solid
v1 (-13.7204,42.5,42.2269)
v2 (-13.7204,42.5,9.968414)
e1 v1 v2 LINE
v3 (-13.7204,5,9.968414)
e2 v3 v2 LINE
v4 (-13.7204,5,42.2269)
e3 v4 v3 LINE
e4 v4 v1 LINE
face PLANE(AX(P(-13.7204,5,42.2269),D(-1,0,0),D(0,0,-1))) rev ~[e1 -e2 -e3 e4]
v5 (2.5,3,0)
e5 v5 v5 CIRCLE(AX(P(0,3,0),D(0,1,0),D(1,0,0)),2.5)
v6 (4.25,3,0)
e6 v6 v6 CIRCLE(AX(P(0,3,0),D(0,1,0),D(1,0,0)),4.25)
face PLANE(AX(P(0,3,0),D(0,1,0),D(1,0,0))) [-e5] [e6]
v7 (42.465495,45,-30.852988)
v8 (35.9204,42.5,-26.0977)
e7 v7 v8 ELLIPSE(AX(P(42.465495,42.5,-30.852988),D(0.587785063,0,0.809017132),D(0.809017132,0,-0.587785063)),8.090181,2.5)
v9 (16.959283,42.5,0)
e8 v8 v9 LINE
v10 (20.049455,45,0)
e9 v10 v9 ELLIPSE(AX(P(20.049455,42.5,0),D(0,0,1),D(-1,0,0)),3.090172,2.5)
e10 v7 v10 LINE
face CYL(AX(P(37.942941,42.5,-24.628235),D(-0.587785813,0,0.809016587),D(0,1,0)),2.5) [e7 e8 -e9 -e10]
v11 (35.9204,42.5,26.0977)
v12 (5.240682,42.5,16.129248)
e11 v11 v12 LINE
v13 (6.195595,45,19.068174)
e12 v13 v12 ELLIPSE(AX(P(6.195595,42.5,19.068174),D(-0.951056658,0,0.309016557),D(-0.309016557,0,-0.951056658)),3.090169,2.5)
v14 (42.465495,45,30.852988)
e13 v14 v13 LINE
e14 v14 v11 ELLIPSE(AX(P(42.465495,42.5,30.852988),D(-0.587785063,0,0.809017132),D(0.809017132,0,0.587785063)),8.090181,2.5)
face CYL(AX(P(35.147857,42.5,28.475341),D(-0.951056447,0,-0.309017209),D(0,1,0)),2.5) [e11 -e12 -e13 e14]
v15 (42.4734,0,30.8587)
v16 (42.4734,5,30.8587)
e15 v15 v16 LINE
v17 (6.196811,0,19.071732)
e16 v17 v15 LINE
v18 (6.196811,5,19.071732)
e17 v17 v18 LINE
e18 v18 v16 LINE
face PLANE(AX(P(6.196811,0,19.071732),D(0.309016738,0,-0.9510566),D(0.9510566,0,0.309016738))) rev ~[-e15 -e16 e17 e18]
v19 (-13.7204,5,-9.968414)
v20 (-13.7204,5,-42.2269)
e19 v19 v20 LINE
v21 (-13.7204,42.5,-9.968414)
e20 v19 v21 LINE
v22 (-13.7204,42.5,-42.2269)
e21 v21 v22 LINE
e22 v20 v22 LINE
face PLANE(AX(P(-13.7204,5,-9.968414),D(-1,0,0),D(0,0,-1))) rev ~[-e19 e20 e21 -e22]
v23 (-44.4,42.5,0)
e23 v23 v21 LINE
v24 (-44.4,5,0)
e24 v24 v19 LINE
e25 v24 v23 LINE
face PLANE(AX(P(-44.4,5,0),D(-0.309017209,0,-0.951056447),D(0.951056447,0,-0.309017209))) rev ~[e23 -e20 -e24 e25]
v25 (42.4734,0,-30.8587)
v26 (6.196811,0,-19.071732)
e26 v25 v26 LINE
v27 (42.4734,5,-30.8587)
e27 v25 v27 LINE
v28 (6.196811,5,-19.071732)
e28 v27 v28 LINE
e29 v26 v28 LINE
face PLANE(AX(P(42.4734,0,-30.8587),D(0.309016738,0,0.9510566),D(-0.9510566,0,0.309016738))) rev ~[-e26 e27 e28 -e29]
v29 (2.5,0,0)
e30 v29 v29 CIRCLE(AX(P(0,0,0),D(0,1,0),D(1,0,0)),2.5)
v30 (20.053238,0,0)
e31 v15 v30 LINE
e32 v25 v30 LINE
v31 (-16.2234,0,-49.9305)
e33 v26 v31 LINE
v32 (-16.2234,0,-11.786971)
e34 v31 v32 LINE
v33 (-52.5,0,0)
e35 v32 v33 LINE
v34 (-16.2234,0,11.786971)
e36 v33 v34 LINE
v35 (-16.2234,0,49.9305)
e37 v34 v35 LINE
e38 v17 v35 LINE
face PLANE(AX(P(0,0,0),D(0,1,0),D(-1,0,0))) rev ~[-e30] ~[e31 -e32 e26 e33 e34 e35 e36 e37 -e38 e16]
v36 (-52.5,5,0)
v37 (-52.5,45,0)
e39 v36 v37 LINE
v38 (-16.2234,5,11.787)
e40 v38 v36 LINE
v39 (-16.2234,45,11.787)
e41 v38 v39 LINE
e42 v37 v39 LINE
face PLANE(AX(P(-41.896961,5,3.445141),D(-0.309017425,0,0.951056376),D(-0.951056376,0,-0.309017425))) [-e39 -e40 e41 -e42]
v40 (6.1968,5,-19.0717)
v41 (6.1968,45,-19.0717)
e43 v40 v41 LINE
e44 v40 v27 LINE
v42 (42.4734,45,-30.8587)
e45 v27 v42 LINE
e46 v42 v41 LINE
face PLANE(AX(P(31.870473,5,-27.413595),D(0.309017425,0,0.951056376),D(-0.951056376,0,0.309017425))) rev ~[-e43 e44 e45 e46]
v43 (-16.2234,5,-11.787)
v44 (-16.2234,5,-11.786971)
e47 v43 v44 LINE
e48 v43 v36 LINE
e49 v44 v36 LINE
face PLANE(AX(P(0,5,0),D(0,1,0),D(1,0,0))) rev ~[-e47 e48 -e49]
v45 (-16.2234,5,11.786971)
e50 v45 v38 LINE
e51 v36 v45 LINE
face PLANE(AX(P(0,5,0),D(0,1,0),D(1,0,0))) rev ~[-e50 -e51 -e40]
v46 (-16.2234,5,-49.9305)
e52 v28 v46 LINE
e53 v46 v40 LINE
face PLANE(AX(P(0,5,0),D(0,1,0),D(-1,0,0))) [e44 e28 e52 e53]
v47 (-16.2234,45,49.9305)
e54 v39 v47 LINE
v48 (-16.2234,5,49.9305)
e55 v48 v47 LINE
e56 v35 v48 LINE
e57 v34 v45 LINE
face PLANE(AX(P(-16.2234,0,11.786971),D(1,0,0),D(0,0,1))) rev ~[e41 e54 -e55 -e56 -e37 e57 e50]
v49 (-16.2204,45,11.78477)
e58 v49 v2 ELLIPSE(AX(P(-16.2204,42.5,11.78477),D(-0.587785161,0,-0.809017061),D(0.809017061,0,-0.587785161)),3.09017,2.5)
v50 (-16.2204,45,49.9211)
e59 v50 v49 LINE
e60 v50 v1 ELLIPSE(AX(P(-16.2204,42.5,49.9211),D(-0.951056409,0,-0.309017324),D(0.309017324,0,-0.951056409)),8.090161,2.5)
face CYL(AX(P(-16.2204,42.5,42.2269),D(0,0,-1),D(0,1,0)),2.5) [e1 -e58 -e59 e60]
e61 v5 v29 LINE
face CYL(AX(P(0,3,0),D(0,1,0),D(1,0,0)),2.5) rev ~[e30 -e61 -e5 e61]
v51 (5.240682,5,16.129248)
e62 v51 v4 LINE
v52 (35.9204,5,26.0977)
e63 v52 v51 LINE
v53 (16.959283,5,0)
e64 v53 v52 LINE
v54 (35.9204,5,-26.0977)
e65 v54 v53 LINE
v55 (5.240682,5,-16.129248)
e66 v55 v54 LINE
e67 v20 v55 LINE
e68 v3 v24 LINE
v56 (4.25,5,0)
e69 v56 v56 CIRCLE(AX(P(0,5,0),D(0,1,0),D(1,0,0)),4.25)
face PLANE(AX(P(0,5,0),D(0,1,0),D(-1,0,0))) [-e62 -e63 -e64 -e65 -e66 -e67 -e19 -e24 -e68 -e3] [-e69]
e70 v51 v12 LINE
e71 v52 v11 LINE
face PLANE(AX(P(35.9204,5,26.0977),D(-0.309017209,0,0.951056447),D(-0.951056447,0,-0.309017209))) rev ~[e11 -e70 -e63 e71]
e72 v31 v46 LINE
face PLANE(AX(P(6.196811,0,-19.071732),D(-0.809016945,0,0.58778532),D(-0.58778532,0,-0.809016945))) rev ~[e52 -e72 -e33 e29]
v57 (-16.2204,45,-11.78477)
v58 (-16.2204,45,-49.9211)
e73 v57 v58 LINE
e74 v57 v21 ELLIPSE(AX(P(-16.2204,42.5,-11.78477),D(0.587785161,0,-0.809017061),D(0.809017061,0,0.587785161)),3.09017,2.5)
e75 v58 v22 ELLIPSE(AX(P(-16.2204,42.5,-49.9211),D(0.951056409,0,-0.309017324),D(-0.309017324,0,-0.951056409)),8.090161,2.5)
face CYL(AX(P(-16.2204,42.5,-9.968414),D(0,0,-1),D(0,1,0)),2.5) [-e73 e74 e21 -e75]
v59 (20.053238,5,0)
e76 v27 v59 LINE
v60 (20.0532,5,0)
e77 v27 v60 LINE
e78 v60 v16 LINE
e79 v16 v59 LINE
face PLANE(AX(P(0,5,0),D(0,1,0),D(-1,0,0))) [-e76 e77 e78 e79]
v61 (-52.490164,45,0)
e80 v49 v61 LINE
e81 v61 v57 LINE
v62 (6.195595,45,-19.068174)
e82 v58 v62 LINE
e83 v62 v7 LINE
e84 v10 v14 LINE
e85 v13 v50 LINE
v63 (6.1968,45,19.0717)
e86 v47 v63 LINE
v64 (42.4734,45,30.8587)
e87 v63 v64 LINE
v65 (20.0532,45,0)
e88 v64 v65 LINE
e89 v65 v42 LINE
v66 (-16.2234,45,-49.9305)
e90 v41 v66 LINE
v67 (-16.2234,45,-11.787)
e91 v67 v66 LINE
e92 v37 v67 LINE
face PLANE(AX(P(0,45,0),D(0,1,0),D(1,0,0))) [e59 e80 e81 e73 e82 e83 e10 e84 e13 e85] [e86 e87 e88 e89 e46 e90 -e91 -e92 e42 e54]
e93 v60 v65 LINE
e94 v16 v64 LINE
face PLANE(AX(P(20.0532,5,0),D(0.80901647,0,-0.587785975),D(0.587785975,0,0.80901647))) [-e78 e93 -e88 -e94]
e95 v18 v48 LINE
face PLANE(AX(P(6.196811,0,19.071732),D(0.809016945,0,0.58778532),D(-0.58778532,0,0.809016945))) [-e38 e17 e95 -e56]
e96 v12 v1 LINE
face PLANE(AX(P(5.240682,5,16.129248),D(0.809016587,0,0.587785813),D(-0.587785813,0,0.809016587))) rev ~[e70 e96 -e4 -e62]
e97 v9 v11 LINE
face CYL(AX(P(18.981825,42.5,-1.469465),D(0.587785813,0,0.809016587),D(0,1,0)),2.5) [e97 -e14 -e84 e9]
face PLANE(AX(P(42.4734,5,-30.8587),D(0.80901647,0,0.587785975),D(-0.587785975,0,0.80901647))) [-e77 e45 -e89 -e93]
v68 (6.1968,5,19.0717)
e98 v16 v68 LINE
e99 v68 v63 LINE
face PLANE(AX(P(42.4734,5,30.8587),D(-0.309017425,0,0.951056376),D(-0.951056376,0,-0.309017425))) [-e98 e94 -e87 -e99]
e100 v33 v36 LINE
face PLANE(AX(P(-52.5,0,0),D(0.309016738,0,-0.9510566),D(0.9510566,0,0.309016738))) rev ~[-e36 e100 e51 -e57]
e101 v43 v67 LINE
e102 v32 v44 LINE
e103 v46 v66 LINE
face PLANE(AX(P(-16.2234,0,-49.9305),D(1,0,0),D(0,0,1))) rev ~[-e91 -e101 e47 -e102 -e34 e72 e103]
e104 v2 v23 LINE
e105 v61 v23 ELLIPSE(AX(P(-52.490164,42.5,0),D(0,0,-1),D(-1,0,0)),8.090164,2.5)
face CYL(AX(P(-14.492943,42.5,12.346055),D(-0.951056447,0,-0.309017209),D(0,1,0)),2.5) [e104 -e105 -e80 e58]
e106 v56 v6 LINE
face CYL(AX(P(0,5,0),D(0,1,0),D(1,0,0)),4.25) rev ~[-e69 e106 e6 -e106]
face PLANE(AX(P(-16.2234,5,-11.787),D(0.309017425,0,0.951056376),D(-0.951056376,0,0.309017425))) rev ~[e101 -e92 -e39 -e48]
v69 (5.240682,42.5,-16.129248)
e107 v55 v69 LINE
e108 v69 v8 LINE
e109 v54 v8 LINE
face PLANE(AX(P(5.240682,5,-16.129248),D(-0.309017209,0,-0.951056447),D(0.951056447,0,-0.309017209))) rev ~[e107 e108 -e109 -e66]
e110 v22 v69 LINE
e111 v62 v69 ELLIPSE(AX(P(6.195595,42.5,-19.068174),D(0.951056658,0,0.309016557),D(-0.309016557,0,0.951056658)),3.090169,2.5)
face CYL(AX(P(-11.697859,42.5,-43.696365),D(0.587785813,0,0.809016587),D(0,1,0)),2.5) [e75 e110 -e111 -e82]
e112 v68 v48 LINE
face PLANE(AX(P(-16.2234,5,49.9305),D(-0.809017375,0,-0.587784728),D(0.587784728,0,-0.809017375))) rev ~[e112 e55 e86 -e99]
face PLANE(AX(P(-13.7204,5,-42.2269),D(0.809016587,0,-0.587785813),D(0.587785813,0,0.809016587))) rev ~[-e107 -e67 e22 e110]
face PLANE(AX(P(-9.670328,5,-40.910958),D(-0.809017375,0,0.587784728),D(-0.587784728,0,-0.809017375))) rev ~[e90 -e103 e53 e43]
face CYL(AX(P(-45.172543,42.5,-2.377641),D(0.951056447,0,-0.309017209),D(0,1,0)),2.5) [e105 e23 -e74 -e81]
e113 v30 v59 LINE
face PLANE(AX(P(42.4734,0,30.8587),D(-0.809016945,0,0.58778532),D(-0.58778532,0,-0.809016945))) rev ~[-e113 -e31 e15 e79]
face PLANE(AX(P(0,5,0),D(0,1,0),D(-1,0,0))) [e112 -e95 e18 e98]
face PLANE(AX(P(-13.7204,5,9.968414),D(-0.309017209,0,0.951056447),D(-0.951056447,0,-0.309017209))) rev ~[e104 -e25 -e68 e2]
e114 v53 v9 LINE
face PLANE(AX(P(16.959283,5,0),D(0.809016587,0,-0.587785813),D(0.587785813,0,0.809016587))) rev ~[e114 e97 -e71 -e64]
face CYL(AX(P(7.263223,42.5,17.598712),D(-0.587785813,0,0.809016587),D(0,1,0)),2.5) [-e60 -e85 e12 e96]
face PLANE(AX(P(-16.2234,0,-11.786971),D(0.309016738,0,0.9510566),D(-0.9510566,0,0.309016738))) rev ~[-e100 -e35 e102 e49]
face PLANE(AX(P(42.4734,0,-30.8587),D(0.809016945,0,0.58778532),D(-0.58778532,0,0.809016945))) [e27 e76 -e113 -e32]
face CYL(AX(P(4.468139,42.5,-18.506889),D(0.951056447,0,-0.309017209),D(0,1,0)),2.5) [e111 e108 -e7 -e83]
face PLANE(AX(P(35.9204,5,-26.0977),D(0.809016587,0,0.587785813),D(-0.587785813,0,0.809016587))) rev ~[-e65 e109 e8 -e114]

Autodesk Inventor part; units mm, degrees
ref_plane "YZ Plane" through (0, 0, 0) normal (1, 0, 0) x (0, 1, 0)
ref_plane "XZ Plane" through (0, 0, 0) normal (0, 1, 0) x (-1, 0, 0)
ref_plane "XY Plane" through (0, 0, 0) normal (0, 0, 1) x (1, 0, 0)
sketch "Sketch1" plane through (0, 0, 0) normal (0, 1, 0) x (-1, 0, 0)
  circle A0 centre (0, 0) radius 52.5
  line L0 (52.5, 0) -> (16.2234, -49.9305)
  line L1 (16.2234, -49.9305) -> (-42.4734, -30.8587)
  line L2 (-42.4734, -30.8587) -> (-42.4734, 30.8587)
  line L3 (-42.4734, 30.8587) -> (16.2234, 49.9305)
  line L4 (16.2234, 49.9305) -> (52.5, 0)
  line L5 (52.5, 0) -> (-42.4734, 30.8587)
  line L6 (-42.4734, -30.8587) -> (52.5, 0)
  line L7 (16.2234, -49.9305) -> (16.2234, 49.9305)
  line L8 (-42.4734, -30.8587) -> (16.2234, 49.9305)
  line L9 (-42.4734, 30.8587) -> (16.2234, -49.9305)
  point P0 (16.2234, -11.787)
  point P1 (16.2234, 11.787)
  point P2 (-6.1968, 19.0717)
  point P3 (-20.0532, 0)
  point P4 (-6.1968, -19.0717)
extrude "Extrusion1" add sketch "Sketch1" along normal blind 5 contours L6 L7 L5 | L7 L5 L8 | L9 L6 L7 | L7 L6 L9 L8 L5 | L5 L8 L9 | L8 L9 L6
sketch "Sketch2" plane through (0, 5, 0) normal (0, 1, 0) x (1, 0, 0)
  circle A0 centre (0, 0) radius 4.25
  dimension "d3" = 8.5
extrude "Extrusion2" cut sketch "Sketch2" against normal blind 2
sketch "Sketch3" plane through (0, 3, 0) normal (0, 1, 0) x (1, 0, 0)
  circle A0 centre (0, 0) radius 2.5
  dimension "d6" = 5
extrude "Extrusion3" cut sketch "Sketch3" against normal through all
sketch "Sketch4" plane through (0, 5, 0) normal (0, 1, 0) x (1, 0, 0)
  line L0 (-16.2234, 11.787) -> (-52.5, 0) projected
  line L1 (-52.5, 0) -> (-16.2234, 11.787)
  line L2 (6.1968, 19.0717) -> (-16.2234, 49.9305) projected
  line L3 (-16.2234, 11.787) -> (-16.2234, 49.9305)
  line L4 (-16.2234, 49.9305) -> (6.1968, 19.0717)
  line L5 (42.4734, 30.8587) -> (6.1968, 19.0717) projected
  line L6 (6.1968, 19.0717) -> (42.4734, 30.8587)
  line L7 (42.4734, 30.8587) -> (20.0532, 0)
  line L8 (20.0532, 0) -> (42.4734, -30.8587)
  line L9 (-16.2234, -49.9305) -> (6.1968, -19.0717) projected
  line L10 (42.4734, -30.8587) -> (6.1968, -19.0717)
  line L11 (6.1968, -19.0717) -> (-16.2234, -49.9305)
  line L12 (-16.2234, -11.787) -> (-16.2234, -49.9305) projected
  line L13 (-16.2234, -49.9305) -> (-16.2234, -11.787)
  line L14 (-16.2234, -11.787) -> (-52.5, 0)
  line L15 (-52.5, 0) -> (-16.2234, -11.787) projected
  line L16 (-16.2234, -49.9305) -> (-15.4508, -47.5528)
  line L17 (-52.5, 0) -> (-44.4, 0)
  line L18 (-44.4, 0) -> (-13.7204, 42.2269)
  line L19 (-13.7204, 42.2269) -> (35.9204, 26.0977)
  line L20 (35.9204, 26.0977) -> (35.9204, -26.0977)
  line L21 (35.9204, -26.0977) -> (-13.7204, -42.2269)
  line L22 (-13.7204, -42.2269) -> (-44.4, 0)
  line L23 (-44.4, 0) -> (-13.7204, -42.2269)
  line L24 (-13.7204, -42.2269) -> (-13.7204, 42.2269)
  line L25 (-16.2234, -11.787) -> (-16.2234, -49.9305) projected
  line L26 (-13.7204, 42.2269) -> (35.9204, -26.0977)
  line L27 (35.9204, -26.0977) -> (-44.4, 0)
  line L28 (-44.4, 0) -> (35.9204, 26.0977)
  line L29 (35.9204, 26.0977) -> (-13.7204, -42.2269)
  line L30 (-16.2234, -49.9305) -> (6.1968, -19.0717) projected
  point P0 (0, 0)
  point P1 (0, 0)
  point P2 (5.2407, 16.1292)
  point P3 (16.9593, 0)
  point P4 (5.2407, -16.1292)
  point P5 (-13.7204, -9.9684)
  point P6 (-13.7204, 9.9684)
  dimension "d10" = 2.5
  dimension "d11" = 8.1
extrude "Extrusion4" add sketch "Sketch4" along normal blind 40 contours L3 L18 L24 L28 L0 | L18 L17 L0 | L3 L2 L19 L18 | L17 L22 L14 | L27 L24 L22 L12 L14 | L19 L2 L5 L28 L26 | L22 L21 L9 L12 | L29 L27 L21 L10 L9 | L5 L7 L20 L19 | L29 L20 L7 L8 L26 | L20 L8 L10 L21
fillet "Fillet1" radius 2.5 10 edges at (-13.7204, 45, 26.0977) (-29.0602, 45, 4.9842) (-29.0602, 45, -4.9842) (-13.7204, 45, -26.0977) (-4.2398, 45, -29.1781) (20.5805, 45, -21.1135) (26.4398, 45, -13.0488) (26.4398, 45, 13.0488) (20.5805, 45, 21.1135) (-4.2398, 45, 29.1781)
properties part number "StarP"
